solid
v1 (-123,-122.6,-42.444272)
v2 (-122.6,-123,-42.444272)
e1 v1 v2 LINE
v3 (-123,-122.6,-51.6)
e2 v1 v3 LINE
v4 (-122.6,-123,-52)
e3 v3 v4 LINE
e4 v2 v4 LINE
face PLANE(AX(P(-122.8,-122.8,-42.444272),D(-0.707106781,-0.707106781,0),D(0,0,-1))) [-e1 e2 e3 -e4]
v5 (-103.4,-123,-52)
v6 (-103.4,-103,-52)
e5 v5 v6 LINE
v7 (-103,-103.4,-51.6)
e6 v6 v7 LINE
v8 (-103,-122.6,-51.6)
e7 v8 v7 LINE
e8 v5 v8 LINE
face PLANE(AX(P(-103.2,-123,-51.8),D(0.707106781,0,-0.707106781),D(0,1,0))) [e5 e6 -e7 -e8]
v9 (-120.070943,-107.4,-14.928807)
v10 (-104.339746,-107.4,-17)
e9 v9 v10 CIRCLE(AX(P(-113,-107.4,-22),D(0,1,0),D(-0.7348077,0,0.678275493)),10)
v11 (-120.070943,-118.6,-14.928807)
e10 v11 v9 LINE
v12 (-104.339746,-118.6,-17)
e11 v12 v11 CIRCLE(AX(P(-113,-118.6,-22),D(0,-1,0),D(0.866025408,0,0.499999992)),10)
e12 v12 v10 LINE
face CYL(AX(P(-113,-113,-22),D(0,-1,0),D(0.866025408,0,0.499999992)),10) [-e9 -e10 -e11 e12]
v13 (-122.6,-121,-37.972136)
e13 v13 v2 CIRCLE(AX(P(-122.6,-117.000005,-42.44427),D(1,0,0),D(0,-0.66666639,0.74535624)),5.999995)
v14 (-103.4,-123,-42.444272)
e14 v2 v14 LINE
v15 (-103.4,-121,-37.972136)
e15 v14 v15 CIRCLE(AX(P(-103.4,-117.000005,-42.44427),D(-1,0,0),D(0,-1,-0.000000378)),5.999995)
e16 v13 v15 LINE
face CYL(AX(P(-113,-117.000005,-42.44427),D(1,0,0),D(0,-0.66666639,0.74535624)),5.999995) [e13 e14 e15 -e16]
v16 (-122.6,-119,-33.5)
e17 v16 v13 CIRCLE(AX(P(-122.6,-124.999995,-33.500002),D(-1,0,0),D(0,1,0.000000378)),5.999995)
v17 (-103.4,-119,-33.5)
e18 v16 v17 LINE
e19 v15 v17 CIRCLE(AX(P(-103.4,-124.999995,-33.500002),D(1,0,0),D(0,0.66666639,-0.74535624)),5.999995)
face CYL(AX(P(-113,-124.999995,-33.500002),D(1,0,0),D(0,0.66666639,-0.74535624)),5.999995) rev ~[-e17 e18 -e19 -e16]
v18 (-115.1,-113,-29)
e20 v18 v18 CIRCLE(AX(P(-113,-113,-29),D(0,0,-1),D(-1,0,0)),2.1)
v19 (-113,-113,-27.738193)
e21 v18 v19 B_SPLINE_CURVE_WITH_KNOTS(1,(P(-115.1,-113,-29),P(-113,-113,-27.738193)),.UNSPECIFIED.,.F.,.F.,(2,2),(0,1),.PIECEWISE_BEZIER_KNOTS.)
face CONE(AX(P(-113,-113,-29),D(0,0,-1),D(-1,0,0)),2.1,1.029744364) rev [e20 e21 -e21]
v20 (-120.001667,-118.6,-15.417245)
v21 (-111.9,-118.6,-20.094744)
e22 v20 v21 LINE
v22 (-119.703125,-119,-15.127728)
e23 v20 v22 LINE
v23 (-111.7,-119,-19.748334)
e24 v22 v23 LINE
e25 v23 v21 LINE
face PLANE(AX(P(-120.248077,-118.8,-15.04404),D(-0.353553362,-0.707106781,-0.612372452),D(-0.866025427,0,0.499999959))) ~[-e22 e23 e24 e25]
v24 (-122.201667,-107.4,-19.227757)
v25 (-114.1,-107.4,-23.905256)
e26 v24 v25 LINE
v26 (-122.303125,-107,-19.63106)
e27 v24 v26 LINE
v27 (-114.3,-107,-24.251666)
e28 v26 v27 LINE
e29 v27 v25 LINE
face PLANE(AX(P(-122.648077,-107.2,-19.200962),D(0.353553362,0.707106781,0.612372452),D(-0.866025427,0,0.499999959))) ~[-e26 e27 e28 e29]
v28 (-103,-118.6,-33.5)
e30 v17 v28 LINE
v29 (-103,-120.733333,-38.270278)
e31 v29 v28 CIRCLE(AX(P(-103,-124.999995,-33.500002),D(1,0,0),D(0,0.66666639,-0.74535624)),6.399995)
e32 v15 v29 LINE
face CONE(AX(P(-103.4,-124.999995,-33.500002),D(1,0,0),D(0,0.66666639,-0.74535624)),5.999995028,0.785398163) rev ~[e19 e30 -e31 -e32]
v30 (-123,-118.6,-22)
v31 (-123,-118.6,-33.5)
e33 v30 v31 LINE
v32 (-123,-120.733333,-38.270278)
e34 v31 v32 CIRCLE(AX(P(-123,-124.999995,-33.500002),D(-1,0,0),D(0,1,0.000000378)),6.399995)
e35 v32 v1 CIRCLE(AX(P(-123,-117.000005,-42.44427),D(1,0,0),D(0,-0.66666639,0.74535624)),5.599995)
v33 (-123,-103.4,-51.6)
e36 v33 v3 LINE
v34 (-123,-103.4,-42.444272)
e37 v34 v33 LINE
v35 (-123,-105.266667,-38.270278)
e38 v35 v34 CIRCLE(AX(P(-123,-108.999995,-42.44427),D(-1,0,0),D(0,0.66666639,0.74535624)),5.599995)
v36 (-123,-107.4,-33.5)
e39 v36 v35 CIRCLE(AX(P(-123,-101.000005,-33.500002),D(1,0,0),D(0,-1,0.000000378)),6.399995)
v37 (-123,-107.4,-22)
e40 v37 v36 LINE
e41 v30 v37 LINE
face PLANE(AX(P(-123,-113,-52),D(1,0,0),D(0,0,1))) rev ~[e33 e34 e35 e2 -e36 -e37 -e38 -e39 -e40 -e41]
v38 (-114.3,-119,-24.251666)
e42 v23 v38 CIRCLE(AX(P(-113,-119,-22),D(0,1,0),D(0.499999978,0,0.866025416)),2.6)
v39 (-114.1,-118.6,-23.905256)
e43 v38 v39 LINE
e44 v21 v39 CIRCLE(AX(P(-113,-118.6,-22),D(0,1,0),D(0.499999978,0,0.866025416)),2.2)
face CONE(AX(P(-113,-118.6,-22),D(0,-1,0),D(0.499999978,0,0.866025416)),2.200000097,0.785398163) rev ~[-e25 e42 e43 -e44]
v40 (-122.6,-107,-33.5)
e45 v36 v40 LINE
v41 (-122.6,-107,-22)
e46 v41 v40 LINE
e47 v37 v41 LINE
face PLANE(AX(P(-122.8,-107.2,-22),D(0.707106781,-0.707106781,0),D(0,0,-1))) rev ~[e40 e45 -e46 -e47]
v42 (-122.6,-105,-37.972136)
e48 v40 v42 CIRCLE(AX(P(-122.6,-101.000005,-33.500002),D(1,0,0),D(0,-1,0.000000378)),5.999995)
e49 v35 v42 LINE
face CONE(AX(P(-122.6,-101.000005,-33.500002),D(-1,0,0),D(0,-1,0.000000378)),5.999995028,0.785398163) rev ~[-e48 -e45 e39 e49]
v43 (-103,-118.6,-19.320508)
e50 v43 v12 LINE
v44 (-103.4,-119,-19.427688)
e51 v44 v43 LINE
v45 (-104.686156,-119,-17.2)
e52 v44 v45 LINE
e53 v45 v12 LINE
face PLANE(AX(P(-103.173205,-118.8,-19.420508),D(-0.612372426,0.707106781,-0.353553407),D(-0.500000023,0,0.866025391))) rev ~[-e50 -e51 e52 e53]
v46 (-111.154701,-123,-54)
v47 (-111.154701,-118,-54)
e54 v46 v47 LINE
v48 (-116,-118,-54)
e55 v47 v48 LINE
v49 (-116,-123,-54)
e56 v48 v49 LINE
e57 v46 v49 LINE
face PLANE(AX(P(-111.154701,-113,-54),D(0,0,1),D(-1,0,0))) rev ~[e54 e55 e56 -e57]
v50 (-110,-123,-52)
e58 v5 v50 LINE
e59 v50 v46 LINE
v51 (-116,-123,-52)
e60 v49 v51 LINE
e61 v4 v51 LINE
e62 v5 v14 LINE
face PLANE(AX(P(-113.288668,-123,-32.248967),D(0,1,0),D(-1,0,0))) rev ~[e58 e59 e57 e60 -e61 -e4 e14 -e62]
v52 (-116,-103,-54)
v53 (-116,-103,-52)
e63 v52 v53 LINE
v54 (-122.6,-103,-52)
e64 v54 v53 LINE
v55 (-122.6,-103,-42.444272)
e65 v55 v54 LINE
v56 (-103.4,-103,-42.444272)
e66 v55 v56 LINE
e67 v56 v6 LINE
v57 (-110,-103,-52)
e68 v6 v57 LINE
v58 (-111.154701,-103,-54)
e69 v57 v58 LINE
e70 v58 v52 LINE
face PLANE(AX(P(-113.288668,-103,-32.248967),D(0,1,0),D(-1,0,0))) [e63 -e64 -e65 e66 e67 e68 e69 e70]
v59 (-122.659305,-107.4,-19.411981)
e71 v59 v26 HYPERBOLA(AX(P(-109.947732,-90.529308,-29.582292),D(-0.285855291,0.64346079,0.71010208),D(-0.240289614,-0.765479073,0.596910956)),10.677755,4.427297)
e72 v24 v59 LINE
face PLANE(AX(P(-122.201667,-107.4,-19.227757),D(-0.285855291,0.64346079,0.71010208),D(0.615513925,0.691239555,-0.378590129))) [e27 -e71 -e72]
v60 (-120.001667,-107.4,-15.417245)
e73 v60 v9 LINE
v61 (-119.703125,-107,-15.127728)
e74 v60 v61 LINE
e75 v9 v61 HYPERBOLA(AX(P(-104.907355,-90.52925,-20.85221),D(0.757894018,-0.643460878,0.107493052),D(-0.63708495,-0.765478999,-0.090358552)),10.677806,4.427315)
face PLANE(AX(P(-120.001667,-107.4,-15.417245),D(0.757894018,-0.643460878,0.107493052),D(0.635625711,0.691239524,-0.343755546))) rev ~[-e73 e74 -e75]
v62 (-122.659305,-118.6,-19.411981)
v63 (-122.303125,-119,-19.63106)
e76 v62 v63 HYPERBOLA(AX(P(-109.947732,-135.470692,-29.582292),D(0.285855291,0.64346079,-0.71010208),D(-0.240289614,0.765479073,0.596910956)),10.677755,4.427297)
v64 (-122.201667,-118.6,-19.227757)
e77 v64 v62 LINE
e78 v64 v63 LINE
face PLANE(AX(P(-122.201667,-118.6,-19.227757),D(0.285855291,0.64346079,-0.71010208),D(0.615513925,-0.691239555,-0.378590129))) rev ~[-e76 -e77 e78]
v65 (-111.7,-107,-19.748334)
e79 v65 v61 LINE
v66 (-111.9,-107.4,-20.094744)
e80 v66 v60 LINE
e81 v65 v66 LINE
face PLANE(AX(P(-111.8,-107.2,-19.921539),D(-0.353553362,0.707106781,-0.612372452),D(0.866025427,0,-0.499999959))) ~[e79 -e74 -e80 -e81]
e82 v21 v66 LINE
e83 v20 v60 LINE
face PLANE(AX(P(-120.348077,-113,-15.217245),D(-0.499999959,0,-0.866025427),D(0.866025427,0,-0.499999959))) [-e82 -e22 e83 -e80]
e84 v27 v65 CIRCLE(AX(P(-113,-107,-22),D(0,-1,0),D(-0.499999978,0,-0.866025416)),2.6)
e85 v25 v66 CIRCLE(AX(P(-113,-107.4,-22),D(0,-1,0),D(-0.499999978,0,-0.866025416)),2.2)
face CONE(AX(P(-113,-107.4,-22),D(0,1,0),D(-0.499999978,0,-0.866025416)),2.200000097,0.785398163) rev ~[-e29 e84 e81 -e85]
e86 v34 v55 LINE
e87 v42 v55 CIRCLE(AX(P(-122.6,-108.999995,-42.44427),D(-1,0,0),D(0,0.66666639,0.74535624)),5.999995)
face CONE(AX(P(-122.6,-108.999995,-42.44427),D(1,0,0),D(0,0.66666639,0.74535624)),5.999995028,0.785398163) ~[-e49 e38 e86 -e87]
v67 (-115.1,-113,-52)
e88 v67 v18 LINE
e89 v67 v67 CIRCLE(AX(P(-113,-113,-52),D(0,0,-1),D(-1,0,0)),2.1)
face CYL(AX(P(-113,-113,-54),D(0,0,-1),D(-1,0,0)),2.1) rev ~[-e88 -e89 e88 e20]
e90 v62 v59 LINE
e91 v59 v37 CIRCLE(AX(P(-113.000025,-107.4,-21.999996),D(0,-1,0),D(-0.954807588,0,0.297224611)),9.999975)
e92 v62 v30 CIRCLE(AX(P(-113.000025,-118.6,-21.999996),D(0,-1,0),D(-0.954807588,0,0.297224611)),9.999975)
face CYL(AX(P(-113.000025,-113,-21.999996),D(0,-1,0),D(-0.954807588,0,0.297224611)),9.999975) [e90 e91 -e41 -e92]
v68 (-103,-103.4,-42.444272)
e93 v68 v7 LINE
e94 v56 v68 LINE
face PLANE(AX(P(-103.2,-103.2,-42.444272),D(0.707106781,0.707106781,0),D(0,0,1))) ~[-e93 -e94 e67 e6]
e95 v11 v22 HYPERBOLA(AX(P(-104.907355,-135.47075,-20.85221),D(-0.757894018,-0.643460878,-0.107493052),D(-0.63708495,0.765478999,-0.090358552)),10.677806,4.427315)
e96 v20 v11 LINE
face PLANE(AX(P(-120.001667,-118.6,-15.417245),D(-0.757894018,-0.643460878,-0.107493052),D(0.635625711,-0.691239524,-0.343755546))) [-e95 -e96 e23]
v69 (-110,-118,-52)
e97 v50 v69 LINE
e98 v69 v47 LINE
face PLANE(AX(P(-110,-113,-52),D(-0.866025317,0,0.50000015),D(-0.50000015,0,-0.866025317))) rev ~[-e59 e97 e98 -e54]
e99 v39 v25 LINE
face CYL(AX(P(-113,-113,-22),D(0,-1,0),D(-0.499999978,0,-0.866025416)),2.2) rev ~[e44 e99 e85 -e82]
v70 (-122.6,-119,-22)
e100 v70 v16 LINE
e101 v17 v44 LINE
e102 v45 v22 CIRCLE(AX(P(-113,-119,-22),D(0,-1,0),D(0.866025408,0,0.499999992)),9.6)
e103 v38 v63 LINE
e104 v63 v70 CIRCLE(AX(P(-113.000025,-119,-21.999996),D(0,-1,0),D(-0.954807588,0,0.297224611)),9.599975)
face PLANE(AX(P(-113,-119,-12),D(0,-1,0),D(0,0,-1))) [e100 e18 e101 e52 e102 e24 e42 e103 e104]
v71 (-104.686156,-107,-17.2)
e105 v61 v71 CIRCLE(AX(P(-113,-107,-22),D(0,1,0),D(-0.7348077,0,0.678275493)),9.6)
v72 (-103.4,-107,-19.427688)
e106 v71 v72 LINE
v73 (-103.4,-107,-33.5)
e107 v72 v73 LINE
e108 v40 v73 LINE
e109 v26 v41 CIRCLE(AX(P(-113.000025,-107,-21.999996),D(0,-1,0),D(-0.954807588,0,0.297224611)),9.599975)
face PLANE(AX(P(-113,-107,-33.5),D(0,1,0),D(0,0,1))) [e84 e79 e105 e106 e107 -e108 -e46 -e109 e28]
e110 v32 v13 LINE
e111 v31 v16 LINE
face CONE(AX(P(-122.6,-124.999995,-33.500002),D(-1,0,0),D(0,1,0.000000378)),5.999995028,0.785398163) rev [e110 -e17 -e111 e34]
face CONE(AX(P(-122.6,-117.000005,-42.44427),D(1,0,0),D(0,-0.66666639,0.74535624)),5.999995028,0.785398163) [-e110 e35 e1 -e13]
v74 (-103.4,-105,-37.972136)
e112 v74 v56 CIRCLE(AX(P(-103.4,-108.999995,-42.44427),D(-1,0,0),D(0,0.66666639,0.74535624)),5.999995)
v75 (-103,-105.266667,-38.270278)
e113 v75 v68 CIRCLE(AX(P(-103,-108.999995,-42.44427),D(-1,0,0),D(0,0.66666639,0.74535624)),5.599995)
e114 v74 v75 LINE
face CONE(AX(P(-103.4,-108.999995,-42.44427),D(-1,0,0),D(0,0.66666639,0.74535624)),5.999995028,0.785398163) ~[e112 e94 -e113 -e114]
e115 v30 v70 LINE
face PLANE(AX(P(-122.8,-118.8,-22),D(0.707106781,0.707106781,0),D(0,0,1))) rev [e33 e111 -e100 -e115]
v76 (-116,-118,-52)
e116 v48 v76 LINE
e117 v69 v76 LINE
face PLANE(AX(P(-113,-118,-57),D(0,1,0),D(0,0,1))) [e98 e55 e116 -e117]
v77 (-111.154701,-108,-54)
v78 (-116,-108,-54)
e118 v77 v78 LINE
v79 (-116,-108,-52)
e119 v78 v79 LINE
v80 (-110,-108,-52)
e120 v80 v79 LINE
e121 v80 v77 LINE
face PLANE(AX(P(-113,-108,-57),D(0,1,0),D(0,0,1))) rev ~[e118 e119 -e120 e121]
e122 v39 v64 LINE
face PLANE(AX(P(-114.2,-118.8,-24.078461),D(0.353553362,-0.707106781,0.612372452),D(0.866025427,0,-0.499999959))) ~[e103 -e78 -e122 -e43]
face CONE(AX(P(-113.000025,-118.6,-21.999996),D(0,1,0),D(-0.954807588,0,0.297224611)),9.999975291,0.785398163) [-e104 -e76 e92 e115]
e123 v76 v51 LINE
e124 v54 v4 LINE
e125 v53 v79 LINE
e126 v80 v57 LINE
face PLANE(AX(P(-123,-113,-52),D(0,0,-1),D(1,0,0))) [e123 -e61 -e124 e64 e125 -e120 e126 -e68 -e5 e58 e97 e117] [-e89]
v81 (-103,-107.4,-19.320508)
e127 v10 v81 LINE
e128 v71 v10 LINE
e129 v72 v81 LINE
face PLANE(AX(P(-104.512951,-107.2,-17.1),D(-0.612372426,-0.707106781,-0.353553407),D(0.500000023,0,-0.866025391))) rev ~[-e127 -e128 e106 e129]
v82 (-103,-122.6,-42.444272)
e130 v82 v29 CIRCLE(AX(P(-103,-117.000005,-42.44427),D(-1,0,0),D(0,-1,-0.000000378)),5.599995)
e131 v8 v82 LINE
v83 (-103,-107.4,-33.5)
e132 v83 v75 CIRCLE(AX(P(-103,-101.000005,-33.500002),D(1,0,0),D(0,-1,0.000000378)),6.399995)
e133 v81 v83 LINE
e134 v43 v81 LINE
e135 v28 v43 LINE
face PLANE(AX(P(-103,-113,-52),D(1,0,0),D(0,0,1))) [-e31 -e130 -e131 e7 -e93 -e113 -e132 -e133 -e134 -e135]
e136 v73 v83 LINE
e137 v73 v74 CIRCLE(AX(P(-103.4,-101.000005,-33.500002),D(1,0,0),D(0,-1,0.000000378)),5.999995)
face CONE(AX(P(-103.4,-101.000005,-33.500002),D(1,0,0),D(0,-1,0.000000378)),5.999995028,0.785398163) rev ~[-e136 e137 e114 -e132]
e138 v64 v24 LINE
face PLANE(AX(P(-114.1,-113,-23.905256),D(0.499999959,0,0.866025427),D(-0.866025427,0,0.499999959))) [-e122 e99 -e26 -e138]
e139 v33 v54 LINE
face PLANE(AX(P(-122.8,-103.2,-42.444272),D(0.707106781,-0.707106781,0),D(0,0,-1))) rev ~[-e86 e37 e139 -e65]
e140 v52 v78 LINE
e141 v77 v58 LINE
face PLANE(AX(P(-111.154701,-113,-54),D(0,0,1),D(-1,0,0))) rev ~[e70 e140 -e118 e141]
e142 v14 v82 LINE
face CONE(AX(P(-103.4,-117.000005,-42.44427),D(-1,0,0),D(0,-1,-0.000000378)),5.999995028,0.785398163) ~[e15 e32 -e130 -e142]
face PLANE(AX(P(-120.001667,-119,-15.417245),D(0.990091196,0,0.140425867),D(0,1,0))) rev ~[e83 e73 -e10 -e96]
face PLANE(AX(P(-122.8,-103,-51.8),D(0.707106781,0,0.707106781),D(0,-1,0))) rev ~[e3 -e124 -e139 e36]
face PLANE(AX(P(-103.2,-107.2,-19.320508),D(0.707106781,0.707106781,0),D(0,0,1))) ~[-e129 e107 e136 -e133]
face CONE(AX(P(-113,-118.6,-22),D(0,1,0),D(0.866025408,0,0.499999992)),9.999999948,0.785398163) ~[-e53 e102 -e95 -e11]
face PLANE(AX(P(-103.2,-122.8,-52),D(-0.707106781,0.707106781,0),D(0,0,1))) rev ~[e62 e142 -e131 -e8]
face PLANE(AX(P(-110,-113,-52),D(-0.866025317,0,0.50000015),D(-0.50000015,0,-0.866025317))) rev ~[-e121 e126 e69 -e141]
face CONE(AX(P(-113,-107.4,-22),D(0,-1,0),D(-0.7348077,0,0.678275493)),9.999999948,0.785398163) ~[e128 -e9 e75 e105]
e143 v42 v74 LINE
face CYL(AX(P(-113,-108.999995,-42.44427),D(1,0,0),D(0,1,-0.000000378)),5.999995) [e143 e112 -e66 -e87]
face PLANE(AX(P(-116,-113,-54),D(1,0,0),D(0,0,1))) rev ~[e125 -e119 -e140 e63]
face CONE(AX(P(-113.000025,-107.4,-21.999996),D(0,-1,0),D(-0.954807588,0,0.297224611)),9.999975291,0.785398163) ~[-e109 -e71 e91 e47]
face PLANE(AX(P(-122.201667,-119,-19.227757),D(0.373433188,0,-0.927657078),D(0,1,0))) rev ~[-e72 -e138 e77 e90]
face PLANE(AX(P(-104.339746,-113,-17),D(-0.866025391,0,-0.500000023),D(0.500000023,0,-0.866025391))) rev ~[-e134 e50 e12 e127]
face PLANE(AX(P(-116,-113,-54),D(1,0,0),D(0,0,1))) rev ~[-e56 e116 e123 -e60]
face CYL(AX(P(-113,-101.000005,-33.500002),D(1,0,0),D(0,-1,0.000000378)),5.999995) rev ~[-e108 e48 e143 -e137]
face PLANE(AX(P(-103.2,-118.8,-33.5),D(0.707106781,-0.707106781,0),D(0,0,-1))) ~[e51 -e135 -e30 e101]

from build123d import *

# Parameters (mm, degrees)
PAD059_DEPTH         = 10
POCKET157_DEPTH      = 10.001
POCKET157_DEPTH_BACK = 10.001
SKETCH188_R          = 2.1
HOLE055_DEPTH        = 25
HOLE055_TIPS_R       = 2.1
SKETCH_W             = 10
SKETCH_H             = 5
POCKET_DEPTH         = 3
CHAMFER001_SIZE      = 0.4


with BuildPart() as part:
    # Sketch189 → Pad059 (new body, symmetric)
    with BuildSketch(Plane.XZ):
        with BuildLine():
            Line((-10, 0), (-10, 30))
            ThreePointArc((-9.548077, 32.972243), (-9.886374, 31.503202), (-10, 30))
            Line((-1.1, 28.094744), (-9.548077, 32.972243))
            ThreePointArc((-1.1, 28.094744), (1.905256, 28.9), (1.1, 31.905256))
            Line((-7.348077, 36.782755), (1.1, 31.905256))
            ThreePointArc((8.660254, 35), (1.1068, 39.938561), (-7.348077, 36.782755))
            Line((8.660254, 35), (10, 32.679492))
            Line((10, 0), (10, 32.679492))
            Line((10, 0), (3, 0))
            Line((3, 0), (1.845299, -2))
            Line((1.845299, -2), (-3, -2))
            Line((-3, -2), (-3, 0))
            Line((-10, 0), (-3, 0))
        make_face()
    extrude(amount=PAD059_DEPTH, both=True)

    # Sketch190 → Pocket157 (cut, two sides)
    with BuildSketch(Plane.YZ) as pocket157_sk:
        with BuildLine():
            Line((6, 18.5), (6, 40))
            Line((6, 40), (-6, 40))
            Line((-6, 40), (-6, 18.5))
            ThreePointArc((-8, 14.027864), (-6.522774, 16.05051), (-6, 18.5))
            ThreePointArc((-8, 14.027864), (-9.477226, 12.005218), (-10, 9.555728))
            Line((-10, 9.555728), (-10, 3))
            Line((-10, 3), (-11, 3))
            Line((-11, 3), (-11, 41))
            Line((-11, 41), (11, 41))
            Line((11, 3), (11, 41))
            Line((10, 3), (11, 3))
            Line((10, 9.555728), (10, 3))
            ThreePointArc((10, 9.555728), (9.477226, 12.005218), (8, 14.027864))
            ThreePointArc((6, 18.5), (6.522774, 16.05051), (8, 14.027864))
        make_face()
    extrude(amount=-POCKET157_DEPTH, mode=Mode.SUBTRACT)
    extrude(pocket157_sk.sketch, amount=POCKET157_DEPTH_BACK, mode=Mode.SUBTRACT)

    # Sketch188 → Hole055 (cut)
    with BuildSketch(Plane(origin=(0, 0, -2), x_dir=(-1, 0, 0), z_dir=(0, 0, -1))):
        Circle(SKETCH188_R)
    extrude(amount=-HOLE055_DEPTH, mode=Mode.SUBTRACT)

    # Hole055 tips → Hole055 tip 1 section 0
    with BuildSketch(Plane(origin=(0, 0, 23), x_dir=(-1, 0, 0), z_dir=(0, 0, -1)), mode=Mode.PRIVATE) as hole055_tip_1_s0:
        Circle(HOLE055_TIPS_R)
    loft([hole055_tip_1_s0.sketch, Vertex(0, 0, 24.261807)], mode=Mode.SUBTRACT)

    # Sketch → Pocket (cut, symmetric)
    with BuildSketch(Plane.YZ):
        with Locations((0, -2.5)):
            Rectangle(SKETCH_W, SKETCH_H)
    extrude(amount=POCKET_DEPTH, both=True, mode=Mode.SUBTRACT)

    # Chamfer001
    chamfer001_edges = [part.edges().sort_by_distance(p)[0] for p in [
        (10, 6, 25.589746),
        (10, 6.522774, 16.05051),
        (10, 9.477226, 12.005218),
        (10, 10, 6.277864),
        (10, 10, 1.5),
        (10, 0, 0),
        (10, -10, 6.277864),
        (10, -9.477226, 12.005218),
        (10, -10, 1.5),
        (10, -6.522774, 16.05051),
        (10, -6, 25.589746),
        (-10, 0, 0),
        (-10, 10, 1.5),
        (-10, 10, 6.277864),
        (-10, 9.477226, 12.005218),
        (-10, 6.522774, 16.05051),
        (-10, 6, 24.25),
        (-9.886374, 6, 31.503202),
        (-9.886374, -6, 31.503202),
        (-10, -6, 24.25),
        (-10, -6.522774, 16.05051),
        (-10, -9.477226, 12.005218),
        (-10, -10, 6.277864),
        (-10, -10, 1.5),
        (5, 6, 38.660254),
        (9.330127, 6, 33.839746),
        (-4.010763, 6, 39.160446),
        (-4.010763, -6, 39.160446),
        (5, -6, 38.660254),
        (9.330127, -6, 33.839746),
        (-7.348077, 0, 36.782755),
        (-9.548077, 0, 32.972243),
        (-3.124038, 6, 34.344006),
        (1.905256, 6, 28.9),
        (-5.324038, 6, 30.533494),
        (-3.124038, -6, 34.344006),
        (1.905256, -6, 28.9),
        (-5.324038, -6, 30.533494),
    ]]
    chamfer(chamfer001_edges, length=CHAMFER001_SIZE)


with BuildPart() as part_1:
    # Body022039 placement: moved
    add(part.part.moved(Location((-113, -113, -52))))


solid = part_1.part
